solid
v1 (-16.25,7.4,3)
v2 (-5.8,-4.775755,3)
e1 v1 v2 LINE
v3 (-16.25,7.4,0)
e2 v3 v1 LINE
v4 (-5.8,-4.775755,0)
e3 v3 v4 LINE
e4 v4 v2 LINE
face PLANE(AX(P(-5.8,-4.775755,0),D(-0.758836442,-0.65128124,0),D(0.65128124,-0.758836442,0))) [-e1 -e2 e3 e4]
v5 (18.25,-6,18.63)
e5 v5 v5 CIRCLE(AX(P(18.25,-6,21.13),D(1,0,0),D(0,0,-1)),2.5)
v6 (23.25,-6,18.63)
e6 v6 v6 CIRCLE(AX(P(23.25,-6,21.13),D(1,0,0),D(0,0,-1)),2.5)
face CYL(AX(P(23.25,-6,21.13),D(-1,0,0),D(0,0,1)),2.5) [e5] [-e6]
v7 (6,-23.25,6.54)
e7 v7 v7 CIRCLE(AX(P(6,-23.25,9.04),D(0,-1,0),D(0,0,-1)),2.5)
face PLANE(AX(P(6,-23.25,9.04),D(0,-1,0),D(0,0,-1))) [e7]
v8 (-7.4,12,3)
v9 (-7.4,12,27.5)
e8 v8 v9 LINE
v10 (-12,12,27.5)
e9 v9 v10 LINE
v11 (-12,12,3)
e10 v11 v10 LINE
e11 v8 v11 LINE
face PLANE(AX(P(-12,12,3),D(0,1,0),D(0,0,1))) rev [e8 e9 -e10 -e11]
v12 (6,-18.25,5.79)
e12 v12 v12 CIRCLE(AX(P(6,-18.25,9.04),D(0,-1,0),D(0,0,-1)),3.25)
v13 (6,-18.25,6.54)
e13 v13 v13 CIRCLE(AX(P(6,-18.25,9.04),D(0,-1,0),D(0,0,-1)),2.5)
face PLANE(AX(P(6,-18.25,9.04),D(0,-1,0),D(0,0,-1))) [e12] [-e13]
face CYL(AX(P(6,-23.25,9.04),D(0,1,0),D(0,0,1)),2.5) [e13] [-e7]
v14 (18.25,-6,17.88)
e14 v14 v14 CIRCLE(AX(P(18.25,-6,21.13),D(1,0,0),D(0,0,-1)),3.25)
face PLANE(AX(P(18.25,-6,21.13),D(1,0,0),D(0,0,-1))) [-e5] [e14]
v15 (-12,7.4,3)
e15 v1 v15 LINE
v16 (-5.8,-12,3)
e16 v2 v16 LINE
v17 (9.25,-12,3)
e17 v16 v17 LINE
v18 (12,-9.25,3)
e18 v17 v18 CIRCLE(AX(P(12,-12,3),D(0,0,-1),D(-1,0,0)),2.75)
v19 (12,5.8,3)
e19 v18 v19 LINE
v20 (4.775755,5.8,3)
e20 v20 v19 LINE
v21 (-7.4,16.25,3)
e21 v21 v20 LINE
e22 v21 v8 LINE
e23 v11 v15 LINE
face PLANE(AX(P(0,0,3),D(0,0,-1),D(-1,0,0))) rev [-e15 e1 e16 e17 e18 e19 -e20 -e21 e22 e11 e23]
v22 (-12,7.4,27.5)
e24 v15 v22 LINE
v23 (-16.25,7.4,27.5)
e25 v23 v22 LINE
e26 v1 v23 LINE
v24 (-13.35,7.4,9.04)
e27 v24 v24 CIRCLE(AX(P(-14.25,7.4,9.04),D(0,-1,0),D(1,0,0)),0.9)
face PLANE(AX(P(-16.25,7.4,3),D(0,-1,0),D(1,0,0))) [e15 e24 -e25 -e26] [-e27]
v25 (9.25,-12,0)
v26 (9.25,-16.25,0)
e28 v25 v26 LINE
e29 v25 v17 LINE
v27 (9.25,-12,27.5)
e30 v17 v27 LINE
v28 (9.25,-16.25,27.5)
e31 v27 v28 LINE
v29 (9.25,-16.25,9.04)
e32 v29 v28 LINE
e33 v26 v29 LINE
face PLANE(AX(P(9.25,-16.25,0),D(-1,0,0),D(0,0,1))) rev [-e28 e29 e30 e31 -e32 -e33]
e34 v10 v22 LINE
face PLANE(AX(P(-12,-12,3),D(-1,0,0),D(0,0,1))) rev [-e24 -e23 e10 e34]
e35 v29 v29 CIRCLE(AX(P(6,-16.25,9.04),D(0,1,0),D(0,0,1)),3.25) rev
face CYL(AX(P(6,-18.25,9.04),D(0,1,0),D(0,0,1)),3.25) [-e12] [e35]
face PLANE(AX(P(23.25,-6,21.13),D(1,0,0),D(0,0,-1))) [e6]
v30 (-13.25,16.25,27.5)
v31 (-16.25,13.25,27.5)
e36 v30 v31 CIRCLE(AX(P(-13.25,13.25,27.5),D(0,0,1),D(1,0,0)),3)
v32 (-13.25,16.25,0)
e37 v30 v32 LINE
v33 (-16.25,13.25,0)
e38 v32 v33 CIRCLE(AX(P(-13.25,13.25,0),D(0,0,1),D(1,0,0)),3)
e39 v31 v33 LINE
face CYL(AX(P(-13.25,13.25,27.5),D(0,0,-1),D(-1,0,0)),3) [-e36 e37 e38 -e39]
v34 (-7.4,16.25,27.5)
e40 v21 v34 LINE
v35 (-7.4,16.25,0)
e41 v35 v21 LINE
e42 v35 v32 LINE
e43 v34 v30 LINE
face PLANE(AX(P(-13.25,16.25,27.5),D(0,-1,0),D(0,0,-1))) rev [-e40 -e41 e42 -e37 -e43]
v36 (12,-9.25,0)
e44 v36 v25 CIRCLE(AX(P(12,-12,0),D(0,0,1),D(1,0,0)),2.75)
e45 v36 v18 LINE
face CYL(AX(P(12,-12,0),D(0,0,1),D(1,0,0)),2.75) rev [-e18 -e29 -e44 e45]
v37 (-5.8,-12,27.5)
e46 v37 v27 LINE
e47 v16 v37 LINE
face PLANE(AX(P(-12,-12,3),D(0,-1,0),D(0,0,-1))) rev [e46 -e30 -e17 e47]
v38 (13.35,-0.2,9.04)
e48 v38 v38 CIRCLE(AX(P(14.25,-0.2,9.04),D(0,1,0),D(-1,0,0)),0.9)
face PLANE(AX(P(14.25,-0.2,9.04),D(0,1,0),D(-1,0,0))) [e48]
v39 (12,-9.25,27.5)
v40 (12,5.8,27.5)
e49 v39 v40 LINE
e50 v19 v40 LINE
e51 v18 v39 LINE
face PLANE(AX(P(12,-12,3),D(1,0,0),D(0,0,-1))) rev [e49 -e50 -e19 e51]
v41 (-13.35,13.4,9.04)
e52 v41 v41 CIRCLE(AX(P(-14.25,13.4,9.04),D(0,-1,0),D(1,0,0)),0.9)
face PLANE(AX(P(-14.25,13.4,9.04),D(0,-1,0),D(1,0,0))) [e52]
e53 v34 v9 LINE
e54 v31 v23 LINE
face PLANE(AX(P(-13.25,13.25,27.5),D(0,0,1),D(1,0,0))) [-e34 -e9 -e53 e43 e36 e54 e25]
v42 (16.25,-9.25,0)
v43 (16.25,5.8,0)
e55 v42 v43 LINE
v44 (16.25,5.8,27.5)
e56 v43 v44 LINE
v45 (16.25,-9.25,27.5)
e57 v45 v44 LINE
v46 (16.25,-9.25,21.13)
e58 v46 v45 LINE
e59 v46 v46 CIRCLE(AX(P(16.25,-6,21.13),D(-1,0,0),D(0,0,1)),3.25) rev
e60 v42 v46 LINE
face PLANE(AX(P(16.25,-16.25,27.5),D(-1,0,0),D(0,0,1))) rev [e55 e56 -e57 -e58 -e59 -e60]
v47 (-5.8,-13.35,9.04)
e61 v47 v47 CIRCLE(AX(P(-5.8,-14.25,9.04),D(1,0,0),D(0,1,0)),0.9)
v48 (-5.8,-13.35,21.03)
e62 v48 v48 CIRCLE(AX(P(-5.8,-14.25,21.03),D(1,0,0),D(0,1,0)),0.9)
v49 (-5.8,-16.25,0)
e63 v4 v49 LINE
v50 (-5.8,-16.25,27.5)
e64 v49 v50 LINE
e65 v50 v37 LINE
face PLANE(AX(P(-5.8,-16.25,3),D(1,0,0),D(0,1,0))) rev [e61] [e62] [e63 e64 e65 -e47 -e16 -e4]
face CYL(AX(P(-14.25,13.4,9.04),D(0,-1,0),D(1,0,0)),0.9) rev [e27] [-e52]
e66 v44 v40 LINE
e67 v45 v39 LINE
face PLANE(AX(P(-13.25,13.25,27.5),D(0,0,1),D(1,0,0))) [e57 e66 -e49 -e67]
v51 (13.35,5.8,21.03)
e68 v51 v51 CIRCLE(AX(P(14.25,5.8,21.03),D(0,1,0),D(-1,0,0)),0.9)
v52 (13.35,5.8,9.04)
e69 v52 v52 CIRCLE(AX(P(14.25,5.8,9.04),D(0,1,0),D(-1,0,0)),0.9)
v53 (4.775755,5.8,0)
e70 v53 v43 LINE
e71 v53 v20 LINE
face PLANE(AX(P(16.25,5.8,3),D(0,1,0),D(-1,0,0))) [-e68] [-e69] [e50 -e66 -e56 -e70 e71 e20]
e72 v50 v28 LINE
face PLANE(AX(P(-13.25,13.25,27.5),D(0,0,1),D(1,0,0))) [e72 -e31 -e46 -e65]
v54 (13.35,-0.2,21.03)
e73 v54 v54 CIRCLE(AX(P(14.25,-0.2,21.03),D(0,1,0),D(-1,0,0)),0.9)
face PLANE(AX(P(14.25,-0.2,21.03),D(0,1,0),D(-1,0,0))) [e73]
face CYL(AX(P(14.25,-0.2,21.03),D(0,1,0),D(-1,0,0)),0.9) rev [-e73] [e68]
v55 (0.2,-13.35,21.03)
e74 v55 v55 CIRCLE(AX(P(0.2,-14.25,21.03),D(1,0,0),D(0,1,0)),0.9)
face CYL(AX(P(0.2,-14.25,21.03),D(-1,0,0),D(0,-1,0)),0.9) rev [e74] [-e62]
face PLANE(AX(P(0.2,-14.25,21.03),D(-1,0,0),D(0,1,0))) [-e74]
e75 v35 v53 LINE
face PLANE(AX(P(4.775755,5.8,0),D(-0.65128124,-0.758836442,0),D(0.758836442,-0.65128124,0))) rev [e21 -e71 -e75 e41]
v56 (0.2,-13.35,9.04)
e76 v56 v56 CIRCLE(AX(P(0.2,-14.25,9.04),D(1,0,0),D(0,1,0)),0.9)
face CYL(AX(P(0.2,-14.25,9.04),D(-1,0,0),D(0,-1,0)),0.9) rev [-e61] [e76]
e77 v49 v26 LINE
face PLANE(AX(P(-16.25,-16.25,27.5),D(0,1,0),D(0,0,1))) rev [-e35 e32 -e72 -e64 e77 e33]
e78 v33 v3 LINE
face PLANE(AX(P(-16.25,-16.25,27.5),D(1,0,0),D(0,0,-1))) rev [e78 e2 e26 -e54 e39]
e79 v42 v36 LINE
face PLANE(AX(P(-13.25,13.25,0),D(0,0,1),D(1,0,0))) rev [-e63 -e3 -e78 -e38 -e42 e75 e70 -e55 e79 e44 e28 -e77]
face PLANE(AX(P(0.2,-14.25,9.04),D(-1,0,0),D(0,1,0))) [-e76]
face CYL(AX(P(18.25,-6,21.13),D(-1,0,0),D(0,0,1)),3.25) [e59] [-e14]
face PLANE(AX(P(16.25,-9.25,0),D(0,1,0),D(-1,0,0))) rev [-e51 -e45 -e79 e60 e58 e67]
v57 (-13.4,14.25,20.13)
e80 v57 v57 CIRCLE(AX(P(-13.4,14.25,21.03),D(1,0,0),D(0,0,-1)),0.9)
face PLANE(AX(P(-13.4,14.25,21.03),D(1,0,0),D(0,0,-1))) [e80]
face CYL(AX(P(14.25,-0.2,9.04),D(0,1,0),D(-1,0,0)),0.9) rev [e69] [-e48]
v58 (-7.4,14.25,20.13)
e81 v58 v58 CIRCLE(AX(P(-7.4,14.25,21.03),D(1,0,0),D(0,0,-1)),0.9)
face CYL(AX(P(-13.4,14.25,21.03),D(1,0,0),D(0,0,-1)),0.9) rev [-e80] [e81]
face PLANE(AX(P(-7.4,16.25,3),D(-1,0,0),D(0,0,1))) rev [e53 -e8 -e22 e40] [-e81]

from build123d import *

# Parameters (mm, degrees)
EXTRUDE_1_DEPTH      = 27.5
SKETCH_3_W           = 24
SKETCH_3_H           = 24
CUT_EXTRUDE_3_DEPTH  = 24.5
CUT_EXTRUDE_4_DEPTH  = 24.5
SKETCH_7_R           = 3.25
EXTRUDE_4_DEPTH      = 2
SKETCH_10_R          = 3.25
EXTRUDE_5_DEPTH      = 2
CUT_EXTRUDE_6_DEPTH  = 27.5
CUT_EXTRUDE_7_DEPTH  = 3
SKETCH_16_R          = 0.9
CUT_EXTRUDE_10_DEPTH = 6
SKETCH_20_R          = 2.5
EXTRUDE_6_DEPTH      = 5
SKETCH_25_R          = 2.5
EXTRUDE_7_DEPTH      = 5
SKETCH_27_R          = 0.9
CUT_EXTRUDE_13_DEPTH = 6
SKETCH_26_R          = 0.9
CUT_EXTRUDE_14_DEPTH = 6


with BuildPart() as part:
    # 草图1 → 凸台-拉伸1 (new body)
    with BuildSketch(Plane.XY):
        with BuildLine():
            Line((-16.25, -16.25), (16.25, -16.25))
            Line((16.25, -16.25), (16.25, 16.25))
            Line((16.25, 16.25), (-13.25, 16.25))
            ThreePointArc((-13.25, 16.25), (-15.371320344, 15.371320344), (-16.25, 13.25))
            Line((-16.25, 13.25), (-16.25, -16.25))
        make_face()
    extrude(amount=EXTRUDE_1_DEPTH)

    # 草图3 → 切除-拉伸3 (cut)
    with BuildSketch(Plane.XY.offset(27.5)):
        Rectangle(SKETCH_3_W, SKETCH_3_H)
    extrude(amount=-CUT_EXTRUDE_3_DEPTH, mode=Mode.SUBTRACT)

    # 草图4 → 切除-拉伸4 (cut)
    with BuildSketch(Plane.XY.offset(27.5)):
        Polygon((16.25, 16.25), (-7.4, 16.25), (-7.4, 12), (-0.175, 5.8), (16.25, 5.8), align=None)
    cut_extrude_4 = extrude(amount=-CUT_EXTRUDE_4_DEPTH, mode=Mode.SUBTRACT)

    # 镜向1: 切除-拉伸4 across plane
    add(cut_extrude_4.mirror(Plane(origin=(0, 0, 0), x_dir=(0, 0, 1), z_dir=(0.7071067811865477, 0.7071067811865475, 0))), mode=Mode.SUBTRACT)

    # 草图7 → 凸台-拉伸4 (add)
    with BuildSketch(Plane.XZ.offset(16.25)):
        with Locations(Location((6, 9.04, 0), (0, 0, 90))):
            Circle(SKETCH_7_R)
    extrude(amount=EXTRUDE_4_DEPTH)

    # 草图10 → 凸台-拉伸5 (add)
    with BuildSketch(Plane(origin=(16.25, 0, 0), x_dir=(0, 0, -1), z_dir=(1, 0, 0))):
        with Locations(Location((-21.13, -6, 0), (0, 0, 180))):
            Circle(SKETCH_10_R)
    extrude(amount=EXTRUDE_5_DEPTH)

    # 草图13 → 切除-拉伸6 (cut)
    with BuildSketch(Plane.XY.offset(27.5)):
        with BuildLine():
            Line((16.25, -16.25), (9.25, -16.25))
            Line((9.25, -16.25), (9.25, -12))
            ThreePointArc((9.25, -12), (10.055456352, -10.055456352), (12, -9.25))
            Line((12, -9.25), (16.25, -9.25))
            Line((16.25, -9.25), (16.25, -16.25))
        make_face()
    extrude(amount=-CUT_EXTRUDE_6_DEPTH, mode=Mode.SUBTRACT)

    # 草图14 → 切除-拉伸7 (cut)
    with BuildSketch(Plane.XY.offset(3)):
        Polygon((16.25, 5.8), (4.775755008, 5.8), (-7.4, 16.25), (16.25, 16.25), align=None)
    cut_extrude_7 = extrude(amount=-CUT_EXTRUDE_7_DEPTH, mode=Mode.SUBTRACT)

    # 镜向3: 切除-拉伸7 across plane
    add(cut_extrude_7.mirror(Plane(origin=(0, 0, 0), x_dir=(0, 0, 1), z_dir=(0.7071067811865477, 0.7071067811865475, 0))), mode=Mode.SUBTRACT)

    # 草图16 → 切除-拉伸10 (cut)
    with BuildSketch(Plane(origin=(0, 5.8, 0), x_dir=(1, 0, 0), z_dir=(0, 1, 0))):
        with Locations(Location((14.25, -9.04, 0), (0, 0, 180))):
            Circle(SKETCH_16_R)
        with Locations(Location((14.25, -21.03, 0), (0, 0, 180))):
            Circle(SKETCH_16_R)
    cut_extrude_10 = extrude(amount=-CUT_EXTRUDE_10_DEPTH, mode=Mode.SUBTRACT)

    # 镜向4: 切除-拉伸10 across plane
    add(cut_extrude_10.mirror(Plane(origin=(0, 0, 0), x_dir=(0, 0, 1), z_dir=(0.7071067811865477, 0.7071067811865475, 0))), mode=Mode.SUBTRACT)

    # 草图20 → 凸台-拉伸6 (add)
    with BuildSketch(Plane(origin=(18.25, 0, 0), x_dir=(0, 0, -1), z_dir=(1, 0, 0))):
        with Locations((-21.13, -6)):
            Circle(SKETCH_20_R)
    extrude(amount=EXTRUDE_6_DEPTH)

    # 草图25 → 凸台-拉伸7 (add)
    with BuildSketch(Plane.XZ.offset(18.25)):
        with Locations(Location((6, 9.04, 0), (0, 0, 270))):
            Circle(SKETCH_25_R)
    extrude(amount=EXTRUDE_7_DEPTH)

    # 草图27 → 切除-拉伸13 (cut)
    with BuildSketch(Plane(origin=(-7.4, 0, 0), x_dir=(0, 0, -1), z_dir=(1, 0, 0))):
        with Locations((-21.03, 14.25)):
            Circle(SKETCH_27_R)
    extrude(amount=-CUT_EXTRUDE_13_DEPTH, mode=Mode.SUBTRACT)

    # 草图26 → 切除-拉伸14 (cut)
    with BuildSketch(Plane(origin=(0, 7.4, 0), x_dir=(-1, 0, 0), z_dir=(0, -1, 0))):
        with Locations(Location((14.25, -9.04, 0), (0, 0, 180))):
            Circle(SKETCH_26_R)
    extrude(amount=-CUT_EXTRUDE_14_DEPTH, mode=Mode.SUBTRACT)


solid = part.part
